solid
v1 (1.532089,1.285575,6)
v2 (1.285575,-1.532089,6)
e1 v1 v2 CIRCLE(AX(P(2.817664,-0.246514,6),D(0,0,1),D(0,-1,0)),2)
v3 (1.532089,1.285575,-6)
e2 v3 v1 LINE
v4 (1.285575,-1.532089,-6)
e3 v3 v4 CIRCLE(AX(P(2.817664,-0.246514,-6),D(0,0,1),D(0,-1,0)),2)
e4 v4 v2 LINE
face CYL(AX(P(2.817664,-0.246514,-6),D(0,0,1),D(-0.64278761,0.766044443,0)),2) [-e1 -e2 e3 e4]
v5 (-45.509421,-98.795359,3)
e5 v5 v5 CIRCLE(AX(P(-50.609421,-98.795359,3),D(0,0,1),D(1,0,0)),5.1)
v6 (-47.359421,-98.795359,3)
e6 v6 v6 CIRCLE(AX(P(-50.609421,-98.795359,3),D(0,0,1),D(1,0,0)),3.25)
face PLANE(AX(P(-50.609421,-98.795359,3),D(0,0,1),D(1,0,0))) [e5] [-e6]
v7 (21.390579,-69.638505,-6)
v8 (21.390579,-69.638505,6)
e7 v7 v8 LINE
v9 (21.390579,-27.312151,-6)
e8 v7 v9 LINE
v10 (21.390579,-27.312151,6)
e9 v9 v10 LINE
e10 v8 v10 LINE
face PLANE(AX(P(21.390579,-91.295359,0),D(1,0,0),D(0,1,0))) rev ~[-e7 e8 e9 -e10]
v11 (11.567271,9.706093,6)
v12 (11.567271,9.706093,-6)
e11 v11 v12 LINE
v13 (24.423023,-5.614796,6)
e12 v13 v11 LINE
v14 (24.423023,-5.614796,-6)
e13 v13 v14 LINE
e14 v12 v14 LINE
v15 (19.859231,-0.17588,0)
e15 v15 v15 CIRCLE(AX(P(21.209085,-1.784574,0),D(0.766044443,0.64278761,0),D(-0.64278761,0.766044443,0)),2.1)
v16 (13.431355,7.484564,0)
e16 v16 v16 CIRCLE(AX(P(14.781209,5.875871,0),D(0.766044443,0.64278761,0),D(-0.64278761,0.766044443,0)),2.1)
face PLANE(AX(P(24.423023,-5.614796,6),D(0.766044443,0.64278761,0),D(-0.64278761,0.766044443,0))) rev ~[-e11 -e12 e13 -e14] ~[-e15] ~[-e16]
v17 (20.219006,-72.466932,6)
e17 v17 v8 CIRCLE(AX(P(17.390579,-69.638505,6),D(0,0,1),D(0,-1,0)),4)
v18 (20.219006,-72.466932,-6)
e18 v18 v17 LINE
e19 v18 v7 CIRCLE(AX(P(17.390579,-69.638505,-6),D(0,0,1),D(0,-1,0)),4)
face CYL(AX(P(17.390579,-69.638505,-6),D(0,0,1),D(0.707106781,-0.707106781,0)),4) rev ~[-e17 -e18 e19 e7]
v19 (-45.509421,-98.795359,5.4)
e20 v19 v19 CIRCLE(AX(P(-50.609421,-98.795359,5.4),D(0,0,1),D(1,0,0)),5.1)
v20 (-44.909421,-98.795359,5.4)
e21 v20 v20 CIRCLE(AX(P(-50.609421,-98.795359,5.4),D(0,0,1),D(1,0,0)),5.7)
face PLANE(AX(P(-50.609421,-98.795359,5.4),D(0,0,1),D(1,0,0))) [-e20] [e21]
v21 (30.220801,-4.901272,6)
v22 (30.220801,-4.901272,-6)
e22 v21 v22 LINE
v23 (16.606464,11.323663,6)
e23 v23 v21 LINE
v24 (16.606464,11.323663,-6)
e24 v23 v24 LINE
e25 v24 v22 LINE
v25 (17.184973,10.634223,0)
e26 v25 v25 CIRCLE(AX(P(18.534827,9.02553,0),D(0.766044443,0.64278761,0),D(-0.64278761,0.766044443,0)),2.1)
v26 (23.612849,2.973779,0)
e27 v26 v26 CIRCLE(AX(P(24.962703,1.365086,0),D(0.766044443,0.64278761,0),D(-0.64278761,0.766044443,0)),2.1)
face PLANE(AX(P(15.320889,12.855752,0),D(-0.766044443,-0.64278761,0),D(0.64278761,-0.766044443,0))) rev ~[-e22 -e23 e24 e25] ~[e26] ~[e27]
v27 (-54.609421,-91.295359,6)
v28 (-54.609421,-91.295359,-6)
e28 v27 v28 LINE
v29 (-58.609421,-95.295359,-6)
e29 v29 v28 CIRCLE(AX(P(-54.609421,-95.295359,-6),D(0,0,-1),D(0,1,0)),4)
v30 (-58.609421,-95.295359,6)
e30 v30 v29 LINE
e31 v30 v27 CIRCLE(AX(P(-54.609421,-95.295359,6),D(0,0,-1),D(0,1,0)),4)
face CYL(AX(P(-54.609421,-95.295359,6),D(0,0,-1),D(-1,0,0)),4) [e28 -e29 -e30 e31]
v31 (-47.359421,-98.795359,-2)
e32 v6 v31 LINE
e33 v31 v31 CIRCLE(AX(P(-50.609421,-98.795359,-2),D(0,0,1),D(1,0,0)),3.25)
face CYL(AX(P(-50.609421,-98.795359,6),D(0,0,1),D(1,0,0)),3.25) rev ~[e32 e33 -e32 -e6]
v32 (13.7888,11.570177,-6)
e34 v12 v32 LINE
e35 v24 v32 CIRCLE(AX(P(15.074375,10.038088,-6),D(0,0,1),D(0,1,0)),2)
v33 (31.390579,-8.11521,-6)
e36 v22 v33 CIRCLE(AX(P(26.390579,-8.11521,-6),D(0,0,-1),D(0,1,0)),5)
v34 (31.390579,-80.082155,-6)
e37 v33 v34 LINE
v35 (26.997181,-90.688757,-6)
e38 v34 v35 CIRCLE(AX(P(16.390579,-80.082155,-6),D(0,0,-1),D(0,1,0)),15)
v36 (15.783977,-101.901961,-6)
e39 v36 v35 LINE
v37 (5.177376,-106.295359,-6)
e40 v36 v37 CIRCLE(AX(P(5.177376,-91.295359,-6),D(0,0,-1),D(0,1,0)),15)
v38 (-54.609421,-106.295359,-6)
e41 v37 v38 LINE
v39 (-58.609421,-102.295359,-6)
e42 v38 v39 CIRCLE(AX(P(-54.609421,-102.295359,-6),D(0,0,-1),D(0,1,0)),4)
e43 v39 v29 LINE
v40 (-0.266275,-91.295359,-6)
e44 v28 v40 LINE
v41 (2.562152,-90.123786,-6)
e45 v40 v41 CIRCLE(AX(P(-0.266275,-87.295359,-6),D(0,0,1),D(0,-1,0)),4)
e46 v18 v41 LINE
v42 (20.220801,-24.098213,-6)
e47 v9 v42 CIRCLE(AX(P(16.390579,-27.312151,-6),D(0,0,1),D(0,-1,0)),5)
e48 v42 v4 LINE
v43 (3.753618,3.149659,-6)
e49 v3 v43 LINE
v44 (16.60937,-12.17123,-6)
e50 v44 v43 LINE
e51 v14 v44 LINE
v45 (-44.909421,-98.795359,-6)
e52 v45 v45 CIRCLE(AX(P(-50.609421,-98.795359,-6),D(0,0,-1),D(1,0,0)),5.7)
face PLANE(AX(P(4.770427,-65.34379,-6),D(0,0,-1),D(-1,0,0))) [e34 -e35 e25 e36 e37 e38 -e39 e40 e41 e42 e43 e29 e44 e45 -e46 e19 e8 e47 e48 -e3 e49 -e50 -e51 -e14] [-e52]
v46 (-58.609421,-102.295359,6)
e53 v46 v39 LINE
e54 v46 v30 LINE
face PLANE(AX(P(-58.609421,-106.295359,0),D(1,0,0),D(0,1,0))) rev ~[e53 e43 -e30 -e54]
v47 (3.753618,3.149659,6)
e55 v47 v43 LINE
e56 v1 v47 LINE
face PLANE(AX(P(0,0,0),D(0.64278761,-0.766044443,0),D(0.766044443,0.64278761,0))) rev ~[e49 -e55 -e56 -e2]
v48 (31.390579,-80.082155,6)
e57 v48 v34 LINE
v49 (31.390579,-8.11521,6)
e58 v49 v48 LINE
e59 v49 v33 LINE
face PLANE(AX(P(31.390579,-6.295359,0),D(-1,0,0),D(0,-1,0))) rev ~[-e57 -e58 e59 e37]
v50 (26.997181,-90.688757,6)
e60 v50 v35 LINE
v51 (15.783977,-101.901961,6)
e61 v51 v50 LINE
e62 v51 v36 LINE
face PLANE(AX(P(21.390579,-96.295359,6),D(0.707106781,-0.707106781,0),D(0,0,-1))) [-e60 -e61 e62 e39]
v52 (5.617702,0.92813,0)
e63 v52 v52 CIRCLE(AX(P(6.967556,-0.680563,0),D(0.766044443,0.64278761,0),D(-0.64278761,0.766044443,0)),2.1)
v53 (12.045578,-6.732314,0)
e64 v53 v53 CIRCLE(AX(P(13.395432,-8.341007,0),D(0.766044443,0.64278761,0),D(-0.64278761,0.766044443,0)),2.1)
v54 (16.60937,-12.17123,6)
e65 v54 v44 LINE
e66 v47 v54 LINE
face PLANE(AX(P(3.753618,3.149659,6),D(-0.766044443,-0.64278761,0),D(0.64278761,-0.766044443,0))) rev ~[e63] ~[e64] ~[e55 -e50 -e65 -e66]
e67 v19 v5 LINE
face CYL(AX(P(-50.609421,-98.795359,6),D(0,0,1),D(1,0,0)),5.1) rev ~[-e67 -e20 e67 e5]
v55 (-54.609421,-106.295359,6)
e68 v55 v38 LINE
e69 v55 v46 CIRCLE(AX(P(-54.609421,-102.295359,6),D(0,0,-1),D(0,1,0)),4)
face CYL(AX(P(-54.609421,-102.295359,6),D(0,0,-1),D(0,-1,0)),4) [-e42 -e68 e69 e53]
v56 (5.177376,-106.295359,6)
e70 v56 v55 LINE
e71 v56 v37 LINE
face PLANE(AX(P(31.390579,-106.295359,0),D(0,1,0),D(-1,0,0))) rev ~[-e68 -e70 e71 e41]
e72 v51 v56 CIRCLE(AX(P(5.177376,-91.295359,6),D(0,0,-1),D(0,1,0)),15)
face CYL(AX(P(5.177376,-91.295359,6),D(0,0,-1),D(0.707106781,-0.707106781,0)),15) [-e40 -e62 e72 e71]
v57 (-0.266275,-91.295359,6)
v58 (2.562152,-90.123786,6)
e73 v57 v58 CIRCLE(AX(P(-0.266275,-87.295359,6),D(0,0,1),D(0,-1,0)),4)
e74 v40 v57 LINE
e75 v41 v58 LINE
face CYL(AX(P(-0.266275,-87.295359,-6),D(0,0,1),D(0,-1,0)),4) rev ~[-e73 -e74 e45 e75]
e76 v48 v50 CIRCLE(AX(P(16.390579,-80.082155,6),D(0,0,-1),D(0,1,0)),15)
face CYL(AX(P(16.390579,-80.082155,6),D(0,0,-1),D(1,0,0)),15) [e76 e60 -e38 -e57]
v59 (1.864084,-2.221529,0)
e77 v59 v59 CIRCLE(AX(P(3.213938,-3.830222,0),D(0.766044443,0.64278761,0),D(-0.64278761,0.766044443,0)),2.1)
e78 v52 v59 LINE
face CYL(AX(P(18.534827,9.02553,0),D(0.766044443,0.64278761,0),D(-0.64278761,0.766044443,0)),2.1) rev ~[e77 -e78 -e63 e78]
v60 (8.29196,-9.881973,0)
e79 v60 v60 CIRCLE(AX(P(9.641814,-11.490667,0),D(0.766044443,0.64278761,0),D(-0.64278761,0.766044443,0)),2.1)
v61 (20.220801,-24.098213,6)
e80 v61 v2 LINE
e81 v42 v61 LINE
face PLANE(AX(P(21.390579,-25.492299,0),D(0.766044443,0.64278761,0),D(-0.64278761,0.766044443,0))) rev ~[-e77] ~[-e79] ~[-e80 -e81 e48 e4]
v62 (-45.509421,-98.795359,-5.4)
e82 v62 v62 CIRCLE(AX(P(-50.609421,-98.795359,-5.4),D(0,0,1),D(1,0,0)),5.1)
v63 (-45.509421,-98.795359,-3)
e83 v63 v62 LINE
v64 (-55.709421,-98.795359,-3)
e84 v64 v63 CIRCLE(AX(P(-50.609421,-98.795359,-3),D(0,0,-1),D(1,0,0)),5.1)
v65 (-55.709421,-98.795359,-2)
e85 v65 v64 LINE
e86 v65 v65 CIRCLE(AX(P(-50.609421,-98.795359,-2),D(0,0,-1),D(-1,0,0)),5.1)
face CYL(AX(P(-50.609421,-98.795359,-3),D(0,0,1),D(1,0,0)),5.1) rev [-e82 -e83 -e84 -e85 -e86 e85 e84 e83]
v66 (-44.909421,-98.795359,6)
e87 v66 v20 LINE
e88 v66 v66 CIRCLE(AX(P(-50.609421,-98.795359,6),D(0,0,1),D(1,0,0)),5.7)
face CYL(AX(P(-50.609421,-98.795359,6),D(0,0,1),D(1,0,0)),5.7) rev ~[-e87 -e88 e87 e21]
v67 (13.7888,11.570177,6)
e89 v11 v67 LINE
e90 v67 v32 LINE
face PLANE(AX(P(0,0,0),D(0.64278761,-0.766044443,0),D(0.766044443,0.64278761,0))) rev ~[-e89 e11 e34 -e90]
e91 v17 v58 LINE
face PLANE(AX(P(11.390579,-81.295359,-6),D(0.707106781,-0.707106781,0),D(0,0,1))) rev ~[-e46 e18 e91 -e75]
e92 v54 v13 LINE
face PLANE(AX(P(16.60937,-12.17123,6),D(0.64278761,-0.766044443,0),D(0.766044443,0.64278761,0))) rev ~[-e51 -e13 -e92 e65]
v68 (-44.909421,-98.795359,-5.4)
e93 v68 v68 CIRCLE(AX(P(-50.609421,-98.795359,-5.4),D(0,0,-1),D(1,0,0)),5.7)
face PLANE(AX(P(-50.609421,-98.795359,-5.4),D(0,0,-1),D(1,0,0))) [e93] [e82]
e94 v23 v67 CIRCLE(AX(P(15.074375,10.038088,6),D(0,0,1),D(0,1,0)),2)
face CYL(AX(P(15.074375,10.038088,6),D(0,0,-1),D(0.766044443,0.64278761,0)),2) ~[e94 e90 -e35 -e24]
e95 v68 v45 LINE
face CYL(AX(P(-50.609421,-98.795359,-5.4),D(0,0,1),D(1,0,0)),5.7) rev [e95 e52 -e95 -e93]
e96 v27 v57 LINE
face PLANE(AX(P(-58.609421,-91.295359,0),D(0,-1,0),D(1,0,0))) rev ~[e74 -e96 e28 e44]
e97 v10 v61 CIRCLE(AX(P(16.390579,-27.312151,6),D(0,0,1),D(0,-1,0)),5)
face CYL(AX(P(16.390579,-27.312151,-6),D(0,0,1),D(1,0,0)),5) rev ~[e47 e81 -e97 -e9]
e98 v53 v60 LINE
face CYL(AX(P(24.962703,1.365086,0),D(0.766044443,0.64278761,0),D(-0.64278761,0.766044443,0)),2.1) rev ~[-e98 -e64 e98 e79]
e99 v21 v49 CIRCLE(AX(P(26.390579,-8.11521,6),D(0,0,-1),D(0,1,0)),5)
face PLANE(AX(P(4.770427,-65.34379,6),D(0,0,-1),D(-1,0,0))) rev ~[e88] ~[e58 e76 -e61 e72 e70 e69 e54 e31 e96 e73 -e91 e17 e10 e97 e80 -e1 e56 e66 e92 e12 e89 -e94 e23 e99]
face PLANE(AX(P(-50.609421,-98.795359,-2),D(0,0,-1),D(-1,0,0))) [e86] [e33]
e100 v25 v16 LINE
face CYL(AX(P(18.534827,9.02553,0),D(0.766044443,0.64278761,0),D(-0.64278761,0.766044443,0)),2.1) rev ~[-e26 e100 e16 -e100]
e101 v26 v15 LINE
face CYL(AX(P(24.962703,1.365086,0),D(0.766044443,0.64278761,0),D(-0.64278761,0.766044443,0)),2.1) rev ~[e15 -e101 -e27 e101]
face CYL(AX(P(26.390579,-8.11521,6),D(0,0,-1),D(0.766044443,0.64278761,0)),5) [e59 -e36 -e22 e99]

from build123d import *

# Parameters (mm, degrees)
EXTRUDE_1_DEPTH     = 6
CUT_EXTRUDE_1_DEPTH = 122.974454449
SKETCH_3_R          = 3.25
CUT_EXTRUDE_2_DEPTH = 122.974454449
SKETCH_4_R          = 2.1
CUT_EXTRUDE_3_DEPTH = 141.351978867
CHAMFER_1_SIZE      = 20
CHAMFER_2_SIZE      = 20
FILLET_1_R          = 4
FILLET_2_R          = 2
FILLET_3_R          = 15
SKETCH_5_R          = 5.1
CUT_EXTRUDE_4_DEPTH = 3
SKETCH_7_R          = 5.7
CUT_EXTRUDE_6_DEPTH = 0.6
CUT_EXTRUDE_START   = -3
SKETCH_8_R          = 5.1
CUT_EXTRUDE_7_DEPTH = 3
CUT_EXTRUDE_START_2 = -0.6
SKETCH_9_R          = 5.7
CUT_EXTRUDE_8_DEPTH = 0.6
CUT_EXTRUDE_START_3 = -4
SKETCH_6_R          = 5.1
CUT_EXTRUDE_5_DEPTH = 4
FILLET_4_R          = 5


with BuildPart() as part:
    # 草图1 → 凸台-拉伸1 (new, symmetric)
    with BuildSketch(Plane.XY):
        Polygon((0, 0), (15.320888862, 12.855752194), (31.390579105, -6.295358884), (31.390579105, -106.295358884), (-58.609420895, -106.295358884), (-58.609420895, -91.295358884), (21.390579105, -91.295358884), (21.390579105, -25.492299496), align=None)
    extrude(amount=EXTRUDE_1_DEPTH, both=True)

    # 草图2 → 切除-拉伸1 (cut, through all)
    with BuildSketch(Plane.XY.offset(6)):
        Polygon((3.753617771, 3.149659287), (16.609369965, -12.171229575), (24.423023285, -5.614795956), (11.567271091, 9.706092906), align=None)
    extrude(amount=-CUT_EXTRUDE_1_DEPTH, mode=Mode.SUBTRACT)

    # 草图3 → 切除-拉伸2 (cut, through all)
    with BuildSketch(Plane.XY.offset(6)):
        with Locations((-50.609420895, -98.795358884)):
            Circle(SKETCH_3_R)
    extrude(amount=-CUT_EXTRUDE_2_DEPTH, mode=Mode.SUBTRACT)

    # 草图4 → 切除-拉伸3 (cut, through all)
    with BuildSketch(Plane(origin=(15.320888862, 12.855752194, 0), x_dir=(0, 0, -1), z_dir=(0.766044443118977, 0.6427876096865407, 0))):
        with Locations(Location((0, -5, 0), (0, 0, 90))):
            Circle(SKETCH_4_R)
        with Locations(Location((0, -15, 0), (0, 0, 90))):
            Circle(SKETCH_4_R)
    extrude(amount=-CUT_EXTRUDE_3_DEPTH, mode=Mode.SUBTRACT)

    # 倒角1
    chamfer_1_edges = [part.edges().sort_by_distance(p)[0] for p in [
        (21.390579105, -91.295358884, 0),
    ]]
    chamfer(chamfer_1_edges, length=CHAMFER_1_SIZE)

    # 倒角2
    chamfer_2_edges = [part.edges().sort_by_distance(p)[0] for p in [
        (31.390579105, -106.295358884, 0),
    ]]
    chamfer(chamfer_2_edges, length=CHAMFER_2_SIZE)

    # 圆角1
    fillet_1_edges = [part.edges().sort_by_distance(p)[0] for p in [
        (-58.609420895, -106.295358884, 0),
        (-58.609420895, -91.295358884, 0),
        (1.390579105, -91.295358884, 0),
        (21.390579105, -71.295358884, 0),
    ]]
    fillet(fillet_1_edges, radius=FILLET_1_R)

    # 圆角2
    fillet_2_edges = [part.edges().sort_by_distance(p)[0] for p in [
        (0, 0, 0),
        (15.320888862, 12.855752194, 0),
    ]]
    fillet(fillet_2_edges, radius=FILLET_2_R)

    # 圆角3
    fillet_3_edges = [part.edges().sort_by_distance(p)[0] for p in [
        (31.390579105, -86.295358884, 0),
        (11.390579105, -106.295358884, 0),
    ]]
    fillet(fillet_3_edges, radius=FILLET_3_R)

    # 草图5 → 切除-拉伸4 (cut)
    with BuildSketch(Plane.XY.offset(6)):
        with Locations((-50.609420895, -98.795358884)):
            Circle(SKETCH_5_R)
    extrude(amount=-CUT_EXTRUDE_4_DEPTH, mode=Mode.SUBTRACT)

    # 草图7 → 切除-拉伸6 (cut)
    with BuildSketch(Plane.XY.offset(6)):
        with Locations((-50.609420895, -98.795358884)):
            Circle(SKETCH_7_R)
    extrude(amount=-CUT_EXTRUDE_6_DEPTH, mode=Mode.SUBTRACT)

    # 草图8 → 切除-拉伸7 (cut)
    with BuildSketch(Plane(origin=(0, 0, -6), x_dir=(-1, 0, 0), z_dir=(0, 0, -1)).offset(CUT_EXTRUDE_START)):
        with Locations(Location((50.609420895, -98.795358884, 0), (0, 0, 180))):
            Circle(SKETCH_8_R)
    extrude(amount=CUT_EXTRUDE_7_DEPTH, mode=Mode.SUBTRACT)

    # 草图9 → 切除-拉伸8 (cut)
    with BuildSketch(Plane(origin=(0, 0, -6), x_dir=(-1, 0, 0), z_dir=(0, 0, -1)).offset(CUT_EXTRUDE_START_2)):
        with Locations(Location((50.609420895, -98.795358884, 0), (0, 0, 180))):
            Circle(SKETCH_9_R)
    extrude(amount=CUT_EXTRUDE_8_DEPTH, mode=Mode.SUBTRACT)

    # 草图6 → 切除-拉伸5 (cut)
    with BuildSketch(Plane(origin=(0, 0, -6), x_dir=(-1, 0, 0), z_dir=(0, 0, -1)).offset(CUT_EXTRUDE_START_3)):
        with Locations((50.609420895, -98.795358884)):
            Circle(SKETCH_6_R)
    extrude(amount=CUT_EXTRUDE_5_DEPTH, mode=Mode.SUBTRACT)

    # 圆角4
    fillet_4_edges = [part.edges().sort_by_distance(p)[0] for p in [
        (31.390579105, -6.295358884, 0),
        (21.390579105, -25.492299496, 0),
    ]]
    fillet(fillet_4_edges, radius=FILLET_4_R)


solid = part.part
